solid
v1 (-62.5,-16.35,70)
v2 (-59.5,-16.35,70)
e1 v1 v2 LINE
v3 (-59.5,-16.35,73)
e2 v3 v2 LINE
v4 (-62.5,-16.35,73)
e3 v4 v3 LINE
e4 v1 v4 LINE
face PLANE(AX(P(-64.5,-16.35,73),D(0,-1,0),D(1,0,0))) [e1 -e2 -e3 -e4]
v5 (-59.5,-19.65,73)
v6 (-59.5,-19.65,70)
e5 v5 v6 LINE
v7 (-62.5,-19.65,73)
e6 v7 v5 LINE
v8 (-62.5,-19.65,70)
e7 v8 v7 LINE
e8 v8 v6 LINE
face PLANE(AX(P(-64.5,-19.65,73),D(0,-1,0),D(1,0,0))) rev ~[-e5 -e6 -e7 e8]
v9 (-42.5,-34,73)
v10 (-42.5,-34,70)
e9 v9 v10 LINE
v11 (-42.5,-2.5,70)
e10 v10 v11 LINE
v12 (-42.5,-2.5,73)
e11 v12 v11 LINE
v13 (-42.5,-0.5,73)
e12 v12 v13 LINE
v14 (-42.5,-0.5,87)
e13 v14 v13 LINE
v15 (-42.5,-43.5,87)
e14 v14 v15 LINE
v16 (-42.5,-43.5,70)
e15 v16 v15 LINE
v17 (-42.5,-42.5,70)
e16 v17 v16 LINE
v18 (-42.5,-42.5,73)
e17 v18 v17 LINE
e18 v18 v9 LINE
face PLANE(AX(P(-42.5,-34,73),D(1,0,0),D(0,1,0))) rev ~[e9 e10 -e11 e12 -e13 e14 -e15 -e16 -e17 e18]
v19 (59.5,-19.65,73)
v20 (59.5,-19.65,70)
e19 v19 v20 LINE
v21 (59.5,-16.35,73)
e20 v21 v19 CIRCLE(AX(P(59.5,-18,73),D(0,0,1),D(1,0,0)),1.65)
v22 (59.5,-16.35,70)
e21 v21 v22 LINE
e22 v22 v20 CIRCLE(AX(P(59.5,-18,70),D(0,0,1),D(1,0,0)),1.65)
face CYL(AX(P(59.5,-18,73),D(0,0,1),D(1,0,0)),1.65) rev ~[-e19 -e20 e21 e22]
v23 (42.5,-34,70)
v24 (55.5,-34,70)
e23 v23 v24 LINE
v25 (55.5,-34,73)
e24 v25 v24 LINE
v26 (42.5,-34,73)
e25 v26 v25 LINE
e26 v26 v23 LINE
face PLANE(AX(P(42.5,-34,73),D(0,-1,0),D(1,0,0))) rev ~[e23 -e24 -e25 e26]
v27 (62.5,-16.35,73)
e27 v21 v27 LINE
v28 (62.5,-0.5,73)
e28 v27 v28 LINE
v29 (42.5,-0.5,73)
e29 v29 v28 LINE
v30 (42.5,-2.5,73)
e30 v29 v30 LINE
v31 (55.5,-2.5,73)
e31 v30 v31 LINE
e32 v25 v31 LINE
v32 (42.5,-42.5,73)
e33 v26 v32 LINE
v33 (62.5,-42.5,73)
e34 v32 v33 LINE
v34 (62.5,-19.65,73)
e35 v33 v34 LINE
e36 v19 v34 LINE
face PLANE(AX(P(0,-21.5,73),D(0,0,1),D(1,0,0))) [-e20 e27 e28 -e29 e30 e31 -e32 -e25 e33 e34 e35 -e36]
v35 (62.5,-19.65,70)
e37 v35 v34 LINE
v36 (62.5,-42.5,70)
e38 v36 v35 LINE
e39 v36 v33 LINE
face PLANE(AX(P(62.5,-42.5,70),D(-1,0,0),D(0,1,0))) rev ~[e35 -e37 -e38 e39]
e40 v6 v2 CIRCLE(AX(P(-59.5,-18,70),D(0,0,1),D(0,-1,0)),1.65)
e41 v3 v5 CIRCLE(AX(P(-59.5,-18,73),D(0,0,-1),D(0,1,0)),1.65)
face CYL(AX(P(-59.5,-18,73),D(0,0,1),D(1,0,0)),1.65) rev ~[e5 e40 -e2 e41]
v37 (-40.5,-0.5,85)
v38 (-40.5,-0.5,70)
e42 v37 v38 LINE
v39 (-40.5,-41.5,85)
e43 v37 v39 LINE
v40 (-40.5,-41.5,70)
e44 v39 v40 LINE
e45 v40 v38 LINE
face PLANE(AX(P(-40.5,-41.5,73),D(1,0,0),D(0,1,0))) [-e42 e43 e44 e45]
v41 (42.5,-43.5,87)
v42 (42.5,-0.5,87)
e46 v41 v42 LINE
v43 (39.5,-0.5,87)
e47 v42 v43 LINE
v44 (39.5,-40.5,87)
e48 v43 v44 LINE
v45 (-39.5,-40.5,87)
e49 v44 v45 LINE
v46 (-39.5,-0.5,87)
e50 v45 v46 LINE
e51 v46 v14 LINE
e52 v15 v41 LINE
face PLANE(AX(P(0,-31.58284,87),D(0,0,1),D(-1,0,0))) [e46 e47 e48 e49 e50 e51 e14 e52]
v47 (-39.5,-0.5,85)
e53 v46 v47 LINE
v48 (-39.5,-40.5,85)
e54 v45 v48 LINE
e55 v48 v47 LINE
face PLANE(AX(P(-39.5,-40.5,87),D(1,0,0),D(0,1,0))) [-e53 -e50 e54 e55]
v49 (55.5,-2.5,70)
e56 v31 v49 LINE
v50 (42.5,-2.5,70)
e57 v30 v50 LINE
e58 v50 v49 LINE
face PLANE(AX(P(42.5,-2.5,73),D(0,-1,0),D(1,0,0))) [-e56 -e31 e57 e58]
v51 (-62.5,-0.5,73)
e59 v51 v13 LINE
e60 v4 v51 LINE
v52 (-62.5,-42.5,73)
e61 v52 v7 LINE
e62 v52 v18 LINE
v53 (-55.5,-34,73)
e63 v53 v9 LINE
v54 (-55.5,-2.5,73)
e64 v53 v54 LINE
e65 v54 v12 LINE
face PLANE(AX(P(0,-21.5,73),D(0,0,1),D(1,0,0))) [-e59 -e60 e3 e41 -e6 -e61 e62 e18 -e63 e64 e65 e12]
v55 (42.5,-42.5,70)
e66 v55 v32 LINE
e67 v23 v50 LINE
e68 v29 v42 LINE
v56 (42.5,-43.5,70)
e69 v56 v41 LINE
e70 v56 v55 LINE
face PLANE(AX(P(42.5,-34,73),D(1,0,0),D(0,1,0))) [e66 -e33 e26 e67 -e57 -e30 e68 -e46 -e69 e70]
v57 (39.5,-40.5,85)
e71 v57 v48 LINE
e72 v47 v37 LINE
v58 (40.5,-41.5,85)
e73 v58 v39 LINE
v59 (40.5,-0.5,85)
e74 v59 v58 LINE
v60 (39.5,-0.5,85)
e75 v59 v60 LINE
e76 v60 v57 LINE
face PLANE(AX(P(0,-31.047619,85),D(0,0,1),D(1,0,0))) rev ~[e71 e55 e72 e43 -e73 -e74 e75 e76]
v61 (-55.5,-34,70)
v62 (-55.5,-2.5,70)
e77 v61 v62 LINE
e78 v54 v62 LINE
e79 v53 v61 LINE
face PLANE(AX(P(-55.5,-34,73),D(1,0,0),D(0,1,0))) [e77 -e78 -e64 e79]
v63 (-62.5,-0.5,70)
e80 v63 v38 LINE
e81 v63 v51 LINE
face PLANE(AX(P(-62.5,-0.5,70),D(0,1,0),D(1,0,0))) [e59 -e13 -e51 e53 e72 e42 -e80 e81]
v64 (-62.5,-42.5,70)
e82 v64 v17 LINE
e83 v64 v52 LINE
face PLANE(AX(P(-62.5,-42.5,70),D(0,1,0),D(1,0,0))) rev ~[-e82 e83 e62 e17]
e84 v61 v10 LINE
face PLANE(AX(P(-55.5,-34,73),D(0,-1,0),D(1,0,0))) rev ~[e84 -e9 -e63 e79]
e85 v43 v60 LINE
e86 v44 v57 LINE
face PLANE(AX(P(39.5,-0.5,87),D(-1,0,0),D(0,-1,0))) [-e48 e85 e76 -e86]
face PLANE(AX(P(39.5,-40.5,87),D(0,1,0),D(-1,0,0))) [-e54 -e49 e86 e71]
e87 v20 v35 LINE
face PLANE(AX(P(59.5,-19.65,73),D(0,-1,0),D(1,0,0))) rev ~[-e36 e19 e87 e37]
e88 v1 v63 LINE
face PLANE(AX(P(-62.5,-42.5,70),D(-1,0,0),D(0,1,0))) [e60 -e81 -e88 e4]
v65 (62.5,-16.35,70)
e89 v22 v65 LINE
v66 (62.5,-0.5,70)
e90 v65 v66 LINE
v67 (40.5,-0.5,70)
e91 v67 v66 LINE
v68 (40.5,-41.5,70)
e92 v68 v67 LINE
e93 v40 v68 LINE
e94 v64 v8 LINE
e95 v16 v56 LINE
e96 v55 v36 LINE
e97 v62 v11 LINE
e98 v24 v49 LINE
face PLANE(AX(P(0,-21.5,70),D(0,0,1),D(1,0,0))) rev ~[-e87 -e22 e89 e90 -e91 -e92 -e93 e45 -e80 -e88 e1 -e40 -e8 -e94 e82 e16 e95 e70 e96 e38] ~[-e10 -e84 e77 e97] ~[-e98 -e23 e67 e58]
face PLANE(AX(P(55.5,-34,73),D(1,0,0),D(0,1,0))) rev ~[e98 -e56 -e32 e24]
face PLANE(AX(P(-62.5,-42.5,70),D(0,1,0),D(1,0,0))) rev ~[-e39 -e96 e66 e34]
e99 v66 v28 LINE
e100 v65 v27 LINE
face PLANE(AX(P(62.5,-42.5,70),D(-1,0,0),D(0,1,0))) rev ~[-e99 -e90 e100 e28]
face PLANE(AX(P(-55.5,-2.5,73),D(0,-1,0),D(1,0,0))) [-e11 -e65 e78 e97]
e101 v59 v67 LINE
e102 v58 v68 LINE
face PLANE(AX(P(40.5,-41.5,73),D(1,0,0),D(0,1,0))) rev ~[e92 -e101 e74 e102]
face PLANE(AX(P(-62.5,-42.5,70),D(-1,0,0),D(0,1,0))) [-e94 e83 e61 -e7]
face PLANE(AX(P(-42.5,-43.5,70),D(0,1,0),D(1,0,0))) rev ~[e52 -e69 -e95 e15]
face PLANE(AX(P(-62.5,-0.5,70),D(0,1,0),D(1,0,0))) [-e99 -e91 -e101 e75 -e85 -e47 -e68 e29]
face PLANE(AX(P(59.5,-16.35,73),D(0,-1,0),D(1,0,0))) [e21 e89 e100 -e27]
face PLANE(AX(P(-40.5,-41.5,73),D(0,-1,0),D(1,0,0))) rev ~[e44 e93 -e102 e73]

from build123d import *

# Parameters (mm, degrees)
SKETCH025_W     = 125
SKETCH025_H     = 42
PAD008_DEPTH    = 3
SKETCH026_R     = 1.65
SKETCH026_W     = 13
SKETCH026_H     = 31.5
POCKET018_DEPTH = 3.001
POCKET019_DEPTH = 3.001
SKETCH027_W     = 5
SKETCH027_H     = 3.3
SKETCH027_W_2   = 81
SKETCH027_H_2   = 41
POCKET020_DEPTH = 3.001
PAD009_DEPTH    = 17
PAD010_DEPTH    = 2


with BuildPart() as part:
    # Sketch025 → Pad008 (new body)
    with BuildSketch(Plane.XY):
        with Locations((0, -21.5)):
            Rectangle(SKETCH025_W, SKETCH025_H)
    extrude(amount=PAD008_DEPTH)

    # Sketch026 (on Face6 of Pad008) → Pocket018 (cut, through all)
    with BuildSketch(Plane.XY.offset(3)):
        with Locations((-59.5, -18)):
            Circle(SKETCH026_R)
        with Locations((59.5, -18)):
            Circle(SKETCH026_R)
        with Locations((-49, -18.25)):
            Rectangle(SKETCH026_W, SKETCH026_H)
        with Locations((49, -18.25)):
            Rectangle(SKETCH026_W, SKETCH026_H)
    extrude(amount=-POCKET018_DEPTH, mode=Mode.SUBTRACT)

    # Sketch026 (on Face6 of Pad008) → Pocket019 (cut, through all)
    with BuildSketch(Plane.XY.offset(3)):
        with Locations((-59.5, -18)):
            Circle(SKETCH026_R)
        with Locations((59.5, -18)):
            Circle(SKETCH026_R)
        with Locations((-49, -18.25)):
            Rectangle(SKETCH026_W, SKETCH026_H)
        with Locations((49, -18.25)):
            Rectangle(SKETCH026_W, SKETCH026_H)
    extrude(amount=-POCKET019_DEPTH, mode=Mode.SUBTRACT)

    # Sketch027 (on Face5 of Pocket019) → Pocket020 (cut, through all)
    with BuildSketch(Plane.XY.offset(3)):
        with Locations((-62, -18)):
            Rectangle(SKETCH027_W, SKETCH027_H)
        with Locations((62, -18)):
            Rectangle(SKETCH027_W, SKETCH027_H)
        with Locations((0, -21)):
            Rectangle(SKETCH027_W_2, SKETCH027_H_2)
    extrude(amount=-POCKET020_DEPTH, mode=Mode.SUBTRACT)

    # Sketch028 (on Face2 of Pocket020) → Pad009 (join)
    with BuildSketch(Plane(origin=(0, 0, 0), x_dir=(1, 0, 0), z_dir=(0, 0, -1))):
        Polygon((-42.5, 0.5), (-42.5, 43.5), (42.5, 43.5), (42.5, 0.5), (40.5, 0.5), (40.5, 41.5), (-40.5, 41.5), (-40.5, 0.5), align=None)
    extrude(amount=-PAD009_DEPTH)

    # Sketch029 (on Face27 of Pad009) → Pad010 (join)
    with BuildSketch(Plane.XY.offset(17)):
        Polygon((-42.5, -0.5), (-42.5, -43.5), (42.5, -43.5), (42.5, -0.5), (39.5, -0.5), (39.5, -40.5), (-39.5, -40.5), (-39.5, -0.5), align=None)
    extrude(amount=-PAD010_DEPTH)


with BuildPart() as part_1:
    # Body003002 placement: moved
    add(part.part.moved(Location((0, 0, 70))))


solid = part_1.part
